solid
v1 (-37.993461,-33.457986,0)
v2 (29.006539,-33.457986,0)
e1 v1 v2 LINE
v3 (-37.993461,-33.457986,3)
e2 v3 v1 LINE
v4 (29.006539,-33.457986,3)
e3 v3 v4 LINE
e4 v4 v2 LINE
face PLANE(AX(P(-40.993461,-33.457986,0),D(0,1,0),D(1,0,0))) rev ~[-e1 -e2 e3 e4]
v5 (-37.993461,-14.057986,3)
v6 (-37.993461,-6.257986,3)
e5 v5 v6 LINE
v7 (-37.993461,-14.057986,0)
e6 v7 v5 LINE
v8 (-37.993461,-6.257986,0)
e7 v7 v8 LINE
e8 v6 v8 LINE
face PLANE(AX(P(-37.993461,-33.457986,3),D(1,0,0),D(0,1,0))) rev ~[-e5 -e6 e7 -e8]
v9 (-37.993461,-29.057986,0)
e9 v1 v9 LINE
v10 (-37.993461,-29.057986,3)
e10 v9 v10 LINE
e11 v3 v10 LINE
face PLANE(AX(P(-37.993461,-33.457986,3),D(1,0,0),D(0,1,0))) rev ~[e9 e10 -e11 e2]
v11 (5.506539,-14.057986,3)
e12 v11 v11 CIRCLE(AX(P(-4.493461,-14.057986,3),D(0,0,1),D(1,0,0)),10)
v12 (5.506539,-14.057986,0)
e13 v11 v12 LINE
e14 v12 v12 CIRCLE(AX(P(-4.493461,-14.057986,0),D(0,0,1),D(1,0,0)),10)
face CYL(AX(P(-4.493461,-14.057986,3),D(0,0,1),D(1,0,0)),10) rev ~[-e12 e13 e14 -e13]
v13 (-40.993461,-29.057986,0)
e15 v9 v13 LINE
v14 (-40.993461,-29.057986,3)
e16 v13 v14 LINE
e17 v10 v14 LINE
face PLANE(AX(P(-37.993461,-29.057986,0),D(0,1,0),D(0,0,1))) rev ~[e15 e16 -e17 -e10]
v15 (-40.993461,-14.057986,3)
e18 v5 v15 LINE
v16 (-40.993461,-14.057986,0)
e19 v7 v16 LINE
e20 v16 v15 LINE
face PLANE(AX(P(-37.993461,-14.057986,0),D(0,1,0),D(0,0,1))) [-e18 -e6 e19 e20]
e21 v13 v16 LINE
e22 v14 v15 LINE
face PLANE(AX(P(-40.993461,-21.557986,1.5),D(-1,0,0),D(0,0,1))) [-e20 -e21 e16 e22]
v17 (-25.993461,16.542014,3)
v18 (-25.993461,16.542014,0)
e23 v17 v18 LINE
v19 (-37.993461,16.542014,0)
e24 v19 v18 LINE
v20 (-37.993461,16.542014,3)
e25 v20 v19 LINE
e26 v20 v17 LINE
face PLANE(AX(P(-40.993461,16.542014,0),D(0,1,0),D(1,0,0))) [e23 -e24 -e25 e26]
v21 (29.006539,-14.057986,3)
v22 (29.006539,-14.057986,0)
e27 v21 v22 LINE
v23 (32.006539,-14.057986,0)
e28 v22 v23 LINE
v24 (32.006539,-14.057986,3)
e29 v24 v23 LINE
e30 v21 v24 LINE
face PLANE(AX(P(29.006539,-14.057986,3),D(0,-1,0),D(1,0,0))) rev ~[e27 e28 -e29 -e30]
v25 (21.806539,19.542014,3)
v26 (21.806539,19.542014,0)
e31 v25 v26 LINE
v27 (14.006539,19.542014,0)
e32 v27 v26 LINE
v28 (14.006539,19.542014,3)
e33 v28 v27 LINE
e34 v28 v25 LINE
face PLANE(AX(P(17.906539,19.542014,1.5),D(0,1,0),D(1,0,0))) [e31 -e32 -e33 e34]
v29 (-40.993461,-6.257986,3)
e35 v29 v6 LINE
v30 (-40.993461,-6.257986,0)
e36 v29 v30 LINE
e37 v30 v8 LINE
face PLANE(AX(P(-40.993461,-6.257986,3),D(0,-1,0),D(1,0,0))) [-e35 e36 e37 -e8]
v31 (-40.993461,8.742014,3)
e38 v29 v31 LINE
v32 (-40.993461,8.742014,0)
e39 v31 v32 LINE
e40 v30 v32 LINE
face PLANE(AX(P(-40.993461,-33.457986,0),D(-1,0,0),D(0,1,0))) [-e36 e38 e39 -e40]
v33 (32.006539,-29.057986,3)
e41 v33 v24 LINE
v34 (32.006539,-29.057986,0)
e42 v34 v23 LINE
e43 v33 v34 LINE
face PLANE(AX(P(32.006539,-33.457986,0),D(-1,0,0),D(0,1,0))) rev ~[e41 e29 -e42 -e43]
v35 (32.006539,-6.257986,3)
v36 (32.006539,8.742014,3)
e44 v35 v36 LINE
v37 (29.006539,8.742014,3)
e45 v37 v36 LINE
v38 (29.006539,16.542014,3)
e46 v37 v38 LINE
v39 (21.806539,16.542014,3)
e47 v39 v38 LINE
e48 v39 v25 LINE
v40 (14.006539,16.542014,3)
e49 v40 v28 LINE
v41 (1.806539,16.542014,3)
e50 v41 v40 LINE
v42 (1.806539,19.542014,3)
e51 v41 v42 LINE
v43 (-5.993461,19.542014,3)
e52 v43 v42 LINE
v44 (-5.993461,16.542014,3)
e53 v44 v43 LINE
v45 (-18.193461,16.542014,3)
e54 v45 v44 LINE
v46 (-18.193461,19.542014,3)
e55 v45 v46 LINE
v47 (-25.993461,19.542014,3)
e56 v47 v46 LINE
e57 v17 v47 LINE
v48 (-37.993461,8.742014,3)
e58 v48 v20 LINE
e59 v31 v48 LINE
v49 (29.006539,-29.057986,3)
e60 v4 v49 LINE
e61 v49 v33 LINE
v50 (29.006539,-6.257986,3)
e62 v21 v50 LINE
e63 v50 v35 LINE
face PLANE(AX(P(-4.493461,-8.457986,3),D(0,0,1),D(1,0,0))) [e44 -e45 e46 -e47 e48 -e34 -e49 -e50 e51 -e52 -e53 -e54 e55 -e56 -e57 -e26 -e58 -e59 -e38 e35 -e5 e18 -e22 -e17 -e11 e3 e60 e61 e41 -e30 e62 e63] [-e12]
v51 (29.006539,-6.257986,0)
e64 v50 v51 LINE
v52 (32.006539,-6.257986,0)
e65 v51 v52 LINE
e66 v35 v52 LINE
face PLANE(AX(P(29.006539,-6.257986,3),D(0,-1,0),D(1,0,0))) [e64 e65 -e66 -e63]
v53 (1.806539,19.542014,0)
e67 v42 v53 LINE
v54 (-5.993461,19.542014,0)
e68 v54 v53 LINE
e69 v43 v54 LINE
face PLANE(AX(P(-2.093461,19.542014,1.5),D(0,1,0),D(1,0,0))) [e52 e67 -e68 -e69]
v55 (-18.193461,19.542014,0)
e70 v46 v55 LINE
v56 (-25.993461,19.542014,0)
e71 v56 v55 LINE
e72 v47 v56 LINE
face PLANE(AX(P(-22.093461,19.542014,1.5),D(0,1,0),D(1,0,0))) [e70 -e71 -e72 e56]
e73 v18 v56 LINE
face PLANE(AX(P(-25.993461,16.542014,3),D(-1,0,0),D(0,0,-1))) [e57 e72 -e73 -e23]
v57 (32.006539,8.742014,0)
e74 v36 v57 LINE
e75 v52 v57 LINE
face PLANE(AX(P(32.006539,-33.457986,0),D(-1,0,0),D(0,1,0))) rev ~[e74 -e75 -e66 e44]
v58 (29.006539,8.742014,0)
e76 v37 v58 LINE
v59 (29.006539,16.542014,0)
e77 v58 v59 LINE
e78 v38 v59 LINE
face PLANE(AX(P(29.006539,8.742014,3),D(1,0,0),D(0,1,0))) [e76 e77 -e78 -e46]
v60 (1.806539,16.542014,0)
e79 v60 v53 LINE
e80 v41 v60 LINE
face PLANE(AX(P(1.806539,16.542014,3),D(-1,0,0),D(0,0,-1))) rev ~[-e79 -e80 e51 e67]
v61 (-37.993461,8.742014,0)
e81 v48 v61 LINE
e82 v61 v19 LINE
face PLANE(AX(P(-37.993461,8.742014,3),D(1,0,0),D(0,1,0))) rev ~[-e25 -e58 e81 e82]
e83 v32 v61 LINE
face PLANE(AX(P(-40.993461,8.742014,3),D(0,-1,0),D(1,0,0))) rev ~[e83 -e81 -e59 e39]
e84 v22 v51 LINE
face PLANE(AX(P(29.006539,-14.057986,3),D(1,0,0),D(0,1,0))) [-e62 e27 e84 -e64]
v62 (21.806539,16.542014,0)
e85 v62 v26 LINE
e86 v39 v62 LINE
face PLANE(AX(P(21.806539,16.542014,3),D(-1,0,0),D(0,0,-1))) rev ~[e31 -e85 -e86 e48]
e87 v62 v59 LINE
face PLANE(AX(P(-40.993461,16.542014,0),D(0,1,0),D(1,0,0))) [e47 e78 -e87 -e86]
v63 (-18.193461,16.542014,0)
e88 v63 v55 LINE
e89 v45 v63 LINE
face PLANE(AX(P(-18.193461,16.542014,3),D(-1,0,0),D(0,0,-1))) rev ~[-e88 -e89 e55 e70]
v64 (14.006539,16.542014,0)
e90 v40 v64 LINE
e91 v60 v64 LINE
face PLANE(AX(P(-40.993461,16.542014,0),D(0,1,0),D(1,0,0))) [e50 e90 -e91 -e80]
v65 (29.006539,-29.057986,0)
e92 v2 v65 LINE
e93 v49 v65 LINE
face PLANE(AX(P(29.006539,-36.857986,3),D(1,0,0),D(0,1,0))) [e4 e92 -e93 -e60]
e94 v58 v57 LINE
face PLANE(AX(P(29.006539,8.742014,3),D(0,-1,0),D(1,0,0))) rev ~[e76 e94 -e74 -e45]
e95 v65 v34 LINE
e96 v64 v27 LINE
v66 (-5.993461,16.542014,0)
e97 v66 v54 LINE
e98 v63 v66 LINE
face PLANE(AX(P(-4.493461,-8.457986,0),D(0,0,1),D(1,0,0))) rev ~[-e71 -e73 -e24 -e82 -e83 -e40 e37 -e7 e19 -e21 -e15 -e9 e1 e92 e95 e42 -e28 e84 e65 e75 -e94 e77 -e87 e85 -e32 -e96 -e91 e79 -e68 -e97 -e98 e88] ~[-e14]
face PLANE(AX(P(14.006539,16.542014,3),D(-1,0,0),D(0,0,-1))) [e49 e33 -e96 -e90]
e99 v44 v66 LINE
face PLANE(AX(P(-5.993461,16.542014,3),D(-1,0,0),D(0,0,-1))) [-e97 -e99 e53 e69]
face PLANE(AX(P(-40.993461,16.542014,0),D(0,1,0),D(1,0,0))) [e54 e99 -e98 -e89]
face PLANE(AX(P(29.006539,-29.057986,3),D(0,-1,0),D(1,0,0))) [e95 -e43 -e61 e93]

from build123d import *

# Parameters (mm, degrees)
SKETCH1_W           = 73
SKETCH1_H           = 50
BOSS_EXTRUDE1_DEPTH = 3
SKETCH2_W           = 3
SKETCH2_H           = 7.8
CUT_EXTRUDE1_DEPTH  = 53.999062732
LPATTERN1_COUNT     = 3
LPATTERN1_PITCH     = 22.8
SKETCH3_W           = 3
SKETCH3_H           = 7.8
CUT_EXTRUDE2_DEPTH  = 53.999062732
LPATTERN2_COUNT     = 4
LPATTERN2_PITCH     = 22.8
SKETCH6_W           = 3
SKETCH6_H           = 19.4
CUT_EXTRUDE3_DEPTH  = 10
SKETCH7_W           = 7.8
SKETCH7_H           = 3
BOSS_EXTRUDE2_DEPTH = 3
LPATTERN3_COUNT     = 3
LPATTERN3_PITCH     = 20
SKETCH8_W           = 3
SKETCH8_H           = 15
BOSS_EXTRUDE3_DEPTH = 3
CUT_EXTRUDE4_REACH  = 54.999
SKETCH9_R           = 10


with BuildPart() as part:
    # Sketch1 → Boss-Extrude1 (new body)
    with BuildSketch(Plane.XY):
        with Locations((-4.493460648, -8.457986111)):
            Rectangle(SKETCH1_W, SKETCH1_H)
    extrude(amount=BOSS_EXTRUDE1_DEPTH)

    # Sketch2 → Cut-Extrude1 (cut, through all)
    with BuildSketch(Plane.XY.offset(3)):
        with Locations((-39.493460648, 12.642013889)):
            Rectangle(SKETCH2_W, SKETCH2_H)
    cut_extrude1 = extrude(amount=-CUT_EXTRUDE1_DEPTH, mode=Mode.SUBTRACT)

    # LPattern1: Cut-Extrude1 ×3
    with Locations(*[(0, -i * LPATTERN1_PITCH, 0) for i in range(1, LPATTERN1_COUNT)]):
        add(cut_extrude1, mode=Mode.SUBTRACT)

    # Sketch3 → Cut-Extrude2 (cut, through all)
    with BuildSketch(Plane.XY.offset(3)):
        with Locations((30.506539352, 12.642013889)):
            Rectangle(SKETCH3_W, SKETCH3_H)
    cut_extrude2 = extrude(amount=-CUT_EXTRUDE2_DEPTH, mode=Mode.SUBTRACT)

    # LPattern2: Cut-Extrude2 ×4
    with Locations(*[(0, -i * LPATTERN2_PITCH, 0) for i in range(1, LPATTERN2_COUNT)]):
        add(cut_extrude2, mode=Mode.SUBTRACT)

    # Sketch6 → Cut-Extrude3 (cut)
    with BuildSketch(Plane.XY.offset(3)):
        with Locations((-39.493460648, -23.757986111)):
            Rectangle(SKETCH6_W, SKETCH6_H)
    extrude(amount=-CUT_EXTRUDE3_DEPTH, mode=Mode.SUBTRACT)

    # Sketch7 → Boss-Extrude2 (add)
    with BuildSketch(Plane(origin=(0, 16.542013889, 0), x_dir=(1, 0, 0), z_dir=(0, 1, 0))):
        with Locations((-22.093460648, -1.5)):
            Rectangle(SKETCH7_W, SKETCH7_H)
    boss_extrude2 = extrude(amount=BOSS_EXTRUDE2_DEPTH)

    # LPattern3: Boss-Extrude2 ×3
    with Locations(*[(i * LPATTERN3_PITCH, 0, 0) for i in range(1, LPATTERN3_COUNT)]):
        add(boss_extrude2)

    # Sketch8 → Boss-Extrude3 (add)
    with BuildSketch(Plane.ZY.offset(37.993460648)):
        with Locations((1.5, -21.557986111)):
            Rectangle(SKETCH8_W, SKETCH8_H)
    extrude(amount=BOSS_EXTRUDE3_DEPTH)

    # Sketch9 → Cut-Extrude4 (cut, up to next)
    with BuildSketch(Plane.XY.offset(3), mode=Mode.PRIVATE) as cut_extrude4_sk1:
        with Locations((-4.493460648, -14.057986111)):
            Circle(SKETCH9_R)
    cut_extrude4_tool1 = extrude(cut_extrude4_sk1.sketch, amount=-CUT_EXTRUDE4_REACH, mode=Mode.PRIVATE) & part.part
    add(cut_extrude4_tool1.solids().sort_by_distance((-4.493461, -14.057986, 3))[0], mode=Mode.SUBTRACT)


solid = part.part
